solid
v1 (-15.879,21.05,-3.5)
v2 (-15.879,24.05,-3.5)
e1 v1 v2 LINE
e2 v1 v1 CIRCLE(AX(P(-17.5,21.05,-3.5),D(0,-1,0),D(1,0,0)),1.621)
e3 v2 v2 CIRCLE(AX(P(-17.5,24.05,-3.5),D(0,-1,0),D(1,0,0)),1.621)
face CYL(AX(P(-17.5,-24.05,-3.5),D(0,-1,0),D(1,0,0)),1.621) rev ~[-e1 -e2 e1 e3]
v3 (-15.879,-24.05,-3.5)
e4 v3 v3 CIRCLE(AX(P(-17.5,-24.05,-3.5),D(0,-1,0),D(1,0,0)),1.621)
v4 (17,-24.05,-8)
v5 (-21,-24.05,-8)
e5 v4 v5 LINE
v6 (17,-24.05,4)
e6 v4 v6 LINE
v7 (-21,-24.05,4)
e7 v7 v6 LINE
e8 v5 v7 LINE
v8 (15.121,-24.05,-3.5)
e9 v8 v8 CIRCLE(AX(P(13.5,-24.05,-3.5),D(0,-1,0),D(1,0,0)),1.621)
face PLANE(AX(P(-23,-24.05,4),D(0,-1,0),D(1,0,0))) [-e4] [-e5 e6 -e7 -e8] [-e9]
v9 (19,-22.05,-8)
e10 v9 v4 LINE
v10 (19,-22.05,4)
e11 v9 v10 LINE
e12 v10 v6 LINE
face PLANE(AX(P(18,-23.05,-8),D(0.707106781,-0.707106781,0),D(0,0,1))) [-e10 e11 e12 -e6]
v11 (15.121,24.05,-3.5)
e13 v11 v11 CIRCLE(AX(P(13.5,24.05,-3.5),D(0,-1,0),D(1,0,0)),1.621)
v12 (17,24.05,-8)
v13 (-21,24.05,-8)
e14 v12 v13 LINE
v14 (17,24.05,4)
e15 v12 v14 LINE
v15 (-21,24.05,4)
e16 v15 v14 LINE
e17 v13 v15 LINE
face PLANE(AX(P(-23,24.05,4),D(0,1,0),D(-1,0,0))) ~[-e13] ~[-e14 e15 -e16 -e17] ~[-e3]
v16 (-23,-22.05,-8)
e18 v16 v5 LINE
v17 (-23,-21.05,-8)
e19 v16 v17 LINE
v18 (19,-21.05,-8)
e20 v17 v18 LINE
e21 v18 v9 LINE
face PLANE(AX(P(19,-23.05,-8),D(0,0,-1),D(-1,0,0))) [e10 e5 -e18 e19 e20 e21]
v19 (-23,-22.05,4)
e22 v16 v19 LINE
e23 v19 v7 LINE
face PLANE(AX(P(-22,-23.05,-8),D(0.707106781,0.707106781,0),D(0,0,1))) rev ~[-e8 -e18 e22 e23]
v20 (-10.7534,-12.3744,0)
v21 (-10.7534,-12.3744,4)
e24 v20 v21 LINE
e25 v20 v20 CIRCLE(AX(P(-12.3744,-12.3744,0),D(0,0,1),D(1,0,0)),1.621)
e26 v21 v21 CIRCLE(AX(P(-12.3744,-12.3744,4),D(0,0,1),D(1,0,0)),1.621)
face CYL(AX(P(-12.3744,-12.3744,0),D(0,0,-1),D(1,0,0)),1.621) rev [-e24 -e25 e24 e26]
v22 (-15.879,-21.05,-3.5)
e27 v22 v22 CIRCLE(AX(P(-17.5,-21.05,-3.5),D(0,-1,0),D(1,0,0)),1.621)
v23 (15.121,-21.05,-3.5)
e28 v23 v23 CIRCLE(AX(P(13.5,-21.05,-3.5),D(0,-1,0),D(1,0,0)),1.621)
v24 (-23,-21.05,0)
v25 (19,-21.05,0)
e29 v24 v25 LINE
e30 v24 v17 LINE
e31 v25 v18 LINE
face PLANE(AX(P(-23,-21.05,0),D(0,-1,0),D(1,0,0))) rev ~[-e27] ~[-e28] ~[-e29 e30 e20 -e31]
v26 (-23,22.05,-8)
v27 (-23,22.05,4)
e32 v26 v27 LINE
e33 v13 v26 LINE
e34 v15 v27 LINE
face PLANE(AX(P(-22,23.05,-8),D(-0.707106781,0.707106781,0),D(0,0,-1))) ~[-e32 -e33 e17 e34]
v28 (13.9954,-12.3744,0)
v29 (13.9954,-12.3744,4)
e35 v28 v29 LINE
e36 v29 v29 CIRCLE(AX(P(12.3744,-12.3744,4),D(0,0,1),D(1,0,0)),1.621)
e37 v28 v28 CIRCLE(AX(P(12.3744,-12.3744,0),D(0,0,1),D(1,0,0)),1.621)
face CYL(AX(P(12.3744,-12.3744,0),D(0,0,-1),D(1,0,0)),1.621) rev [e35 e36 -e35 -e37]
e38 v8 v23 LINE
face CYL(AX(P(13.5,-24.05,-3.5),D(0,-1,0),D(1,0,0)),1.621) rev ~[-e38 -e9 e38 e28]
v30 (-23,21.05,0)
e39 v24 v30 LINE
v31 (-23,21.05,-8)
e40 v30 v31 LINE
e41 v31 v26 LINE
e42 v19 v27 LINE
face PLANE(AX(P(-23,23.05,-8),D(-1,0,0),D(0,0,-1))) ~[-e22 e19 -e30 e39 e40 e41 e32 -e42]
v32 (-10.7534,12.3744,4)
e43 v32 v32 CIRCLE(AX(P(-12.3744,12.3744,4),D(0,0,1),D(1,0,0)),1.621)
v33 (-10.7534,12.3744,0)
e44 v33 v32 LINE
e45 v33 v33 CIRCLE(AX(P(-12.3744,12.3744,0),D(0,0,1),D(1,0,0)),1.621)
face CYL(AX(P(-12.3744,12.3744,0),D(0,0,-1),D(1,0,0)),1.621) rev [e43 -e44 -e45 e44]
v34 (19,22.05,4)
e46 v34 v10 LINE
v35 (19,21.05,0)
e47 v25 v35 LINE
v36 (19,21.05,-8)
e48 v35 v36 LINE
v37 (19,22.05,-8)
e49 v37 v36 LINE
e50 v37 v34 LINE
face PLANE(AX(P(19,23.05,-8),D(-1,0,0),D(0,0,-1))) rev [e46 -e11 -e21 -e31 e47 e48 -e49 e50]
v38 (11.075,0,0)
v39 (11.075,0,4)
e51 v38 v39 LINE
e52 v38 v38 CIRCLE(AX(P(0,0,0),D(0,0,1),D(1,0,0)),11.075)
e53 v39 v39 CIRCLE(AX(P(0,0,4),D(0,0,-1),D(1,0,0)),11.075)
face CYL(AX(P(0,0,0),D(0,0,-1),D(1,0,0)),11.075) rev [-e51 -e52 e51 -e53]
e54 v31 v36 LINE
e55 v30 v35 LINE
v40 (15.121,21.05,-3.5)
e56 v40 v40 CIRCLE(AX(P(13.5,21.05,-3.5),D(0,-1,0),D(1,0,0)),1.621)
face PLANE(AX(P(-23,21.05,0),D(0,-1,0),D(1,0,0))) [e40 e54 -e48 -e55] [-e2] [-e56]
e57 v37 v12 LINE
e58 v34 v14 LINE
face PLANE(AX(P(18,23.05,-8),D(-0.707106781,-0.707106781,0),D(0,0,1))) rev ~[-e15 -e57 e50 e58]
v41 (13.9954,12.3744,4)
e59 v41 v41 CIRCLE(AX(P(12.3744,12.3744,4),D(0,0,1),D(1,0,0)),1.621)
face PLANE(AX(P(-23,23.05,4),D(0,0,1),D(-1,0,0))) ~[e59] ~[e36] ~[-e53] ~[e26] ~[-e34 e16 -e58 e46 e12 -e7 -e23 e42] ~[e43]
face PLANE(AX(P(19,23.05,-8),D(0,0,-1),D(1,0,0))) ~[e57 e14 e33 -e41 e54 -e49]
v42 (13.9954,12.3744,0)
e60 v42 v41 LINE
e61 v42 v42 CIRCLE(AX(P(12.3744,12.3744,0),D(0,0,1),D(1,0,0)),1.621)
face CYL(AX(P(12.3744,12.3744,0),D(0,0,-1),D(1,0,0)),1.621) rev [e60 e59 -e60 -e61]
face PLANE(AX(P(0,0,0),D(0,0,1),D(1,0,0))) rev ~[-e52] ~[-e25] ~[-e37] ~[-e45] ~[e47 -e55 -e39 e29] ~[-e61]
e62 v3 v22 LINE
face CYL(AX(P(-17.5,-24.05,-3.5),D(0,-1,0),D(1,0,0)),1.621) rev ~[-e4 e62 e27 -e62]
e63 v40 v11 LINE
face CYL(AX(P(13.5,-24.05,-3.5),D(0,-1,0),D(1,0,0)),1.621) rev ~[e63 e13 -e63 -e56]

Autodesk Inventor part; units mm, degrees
ref_plane "YZ Plane" through (0, 0, 0) normal (1, 0, 0) x (0, 1, 0)
ref_plane "XZ Plane" through (0, 0, 0) normal (0, 1, 0) x (-1, 0, 0)
sketch "Base" plane through (0, 0, 0) normal (0, 0, 1) x (1, 0, 0)
  circle A0 centre (0, 0) radius 11 construction
  line L0 (18, 21) -> (-22, 21) construction
  line L1 (-22, -21) -> (18, -21) construction
  line L2 (19, -20) -> (19, 20) construction
  line L3 (-23, 20) -> (-23, -20) construction
  circle A1 centre (0, 0) radius 11.075
  line L4 (-197.84, 0) -> (55.14, 0) construction
  line L5 (-23, 23.05) -> (19, 23.05)
  line L6 (19, 23.05) -> (19, 21.05)
  line L7 (19, 21.05) -> (-23, 21.05)
  line L8 (-23, 21.05) -> (-23, 23.05)
  line L9 (-23, 21.05) -> (19, 21.05)
  line L10 (19, 21.05) -> (19, 0)
  line L11 (19, 0) -> (-23, 0)
  line L12 (-23, 0) -> (-23, 21.05)
  line L13 (-23, -23.05) -> (19, -23.05)
  line L14 (19, -23.05) -> (19, -21.05)
  line L15 (19, -21.05) -> (-23, -21.05)
  line L16 (-23, -21.05) -> (-23, -23.05)
  line L17 (19, -21.05) -> (19, 0)
  line L18 (-23, 0) -> (-23, -21.05)
  line L19 (0, 14) -> (0, 0) construction
  line L20 (0, 0) -> (0, -14) construction
  circle A2 centre (12.3744, -12.3744) radius 1.621 projected
  circle A3 centre (12.3744, 12.3744) radius 1.621 projected
  circle A4 centre (-12.3744, 12.3744) radius 1.621 projected
  circle A5 centre (-12.3744, -12.3744) radius 1.621 projected
  dimension "d0" = 22.15
  dimension "d1" = 2
  dimension "d4" = 0.05
extrude "BaseFeature" add sketch "Base" along normal blind 4 contours L11 L17 L15 L18 A1 | A1 L11 L12 L7 L10 | L7 L8 L5 L6 | L14 L13 L16 L15
ref_plane "Work Plane1" through (-20.5858, -18.5858, -56) normal (0, 0, -1) x (0, 1, 0)
sketch "Sides" plane through (0, 0, 0) normal (0, 0, -1) x (-1, 0, 0)
  line L0 (23, -23.05) -> (-19, -23.05) projected
  line L1 (-19, -23.05) -> (23, -23.05)
  line L2 (23, -23.05) -> (23, -21.05)
  line L3 (23, -21.05) -> (-19, -21.05)
  line L4 (-19, -21.05) -> (-19, -23.05)
  line L5 (-19, 23.05) -> (23, 23.05) projected
  line L6 (-19, 23.05) -> (23, 23.05)
  line L7 (23, 23.05) -> (23, 21.05)
  line L8 (23, 21.05) -> (-19, 21.05)
  line L9 (-19, 21.05) -> (-19, 23.05)
  point P0 (0, 0)
extrude "Extrusion2" add sketch "Sides" along normal blind 8
sketch "Sketch3" plane through (-23, -23.05, 4) normal (0, -1, 0) x (1, 0, 0)
  line L0 (42, -12) -> (42, 0) projected
  line L1 (0, 0) -> (42, 0) projected
  line L2 (0, -12) -> (0, 0) projected
  line L3 (42, -12) -> (0, -12) projected
  point P0 (23, -4)
extrude "Extrusion3" add sketch "Sketch3" along normal blind 1
mirror "Mirror1" about plane through (0, 0, 0) normal (0, 1, 0) of "Extrusion3"
sketch "Sketch4" plane through (-23, -24.05, 4) normal (0, -1, 0) x (1, 0, 0)
  line L0 (0, 0) -> (0, -12) construction
  line L1 (42, -4) -> (42, -12) construction
  circle A0 centre (5.5, -7.5) radius 1.621
  line L2 (21, 0) -> (21, -12) construction
  line L3 (0, -12) -> (42, -12) construction
  line L4 (42, 0) -> (0, 0) construction
  circle A1 centre (36.5, -7.5) radius 1.621
  point P0 (23, -4)
  dimension "d9" = 3.242
  dimension "d15" = 5.5
  dimension "d16" = 4.5
extrude "Extrusion4" cut sketch "Sketch4" against normal through all
chamfer "Chamfer1" distance 2 angle 45 4 edges at (19, 24.05, -2) (-23, 24.05, -2) (19, -24.05, -2) (-23, -24.05, -2)
properties part number "MotorMount"
